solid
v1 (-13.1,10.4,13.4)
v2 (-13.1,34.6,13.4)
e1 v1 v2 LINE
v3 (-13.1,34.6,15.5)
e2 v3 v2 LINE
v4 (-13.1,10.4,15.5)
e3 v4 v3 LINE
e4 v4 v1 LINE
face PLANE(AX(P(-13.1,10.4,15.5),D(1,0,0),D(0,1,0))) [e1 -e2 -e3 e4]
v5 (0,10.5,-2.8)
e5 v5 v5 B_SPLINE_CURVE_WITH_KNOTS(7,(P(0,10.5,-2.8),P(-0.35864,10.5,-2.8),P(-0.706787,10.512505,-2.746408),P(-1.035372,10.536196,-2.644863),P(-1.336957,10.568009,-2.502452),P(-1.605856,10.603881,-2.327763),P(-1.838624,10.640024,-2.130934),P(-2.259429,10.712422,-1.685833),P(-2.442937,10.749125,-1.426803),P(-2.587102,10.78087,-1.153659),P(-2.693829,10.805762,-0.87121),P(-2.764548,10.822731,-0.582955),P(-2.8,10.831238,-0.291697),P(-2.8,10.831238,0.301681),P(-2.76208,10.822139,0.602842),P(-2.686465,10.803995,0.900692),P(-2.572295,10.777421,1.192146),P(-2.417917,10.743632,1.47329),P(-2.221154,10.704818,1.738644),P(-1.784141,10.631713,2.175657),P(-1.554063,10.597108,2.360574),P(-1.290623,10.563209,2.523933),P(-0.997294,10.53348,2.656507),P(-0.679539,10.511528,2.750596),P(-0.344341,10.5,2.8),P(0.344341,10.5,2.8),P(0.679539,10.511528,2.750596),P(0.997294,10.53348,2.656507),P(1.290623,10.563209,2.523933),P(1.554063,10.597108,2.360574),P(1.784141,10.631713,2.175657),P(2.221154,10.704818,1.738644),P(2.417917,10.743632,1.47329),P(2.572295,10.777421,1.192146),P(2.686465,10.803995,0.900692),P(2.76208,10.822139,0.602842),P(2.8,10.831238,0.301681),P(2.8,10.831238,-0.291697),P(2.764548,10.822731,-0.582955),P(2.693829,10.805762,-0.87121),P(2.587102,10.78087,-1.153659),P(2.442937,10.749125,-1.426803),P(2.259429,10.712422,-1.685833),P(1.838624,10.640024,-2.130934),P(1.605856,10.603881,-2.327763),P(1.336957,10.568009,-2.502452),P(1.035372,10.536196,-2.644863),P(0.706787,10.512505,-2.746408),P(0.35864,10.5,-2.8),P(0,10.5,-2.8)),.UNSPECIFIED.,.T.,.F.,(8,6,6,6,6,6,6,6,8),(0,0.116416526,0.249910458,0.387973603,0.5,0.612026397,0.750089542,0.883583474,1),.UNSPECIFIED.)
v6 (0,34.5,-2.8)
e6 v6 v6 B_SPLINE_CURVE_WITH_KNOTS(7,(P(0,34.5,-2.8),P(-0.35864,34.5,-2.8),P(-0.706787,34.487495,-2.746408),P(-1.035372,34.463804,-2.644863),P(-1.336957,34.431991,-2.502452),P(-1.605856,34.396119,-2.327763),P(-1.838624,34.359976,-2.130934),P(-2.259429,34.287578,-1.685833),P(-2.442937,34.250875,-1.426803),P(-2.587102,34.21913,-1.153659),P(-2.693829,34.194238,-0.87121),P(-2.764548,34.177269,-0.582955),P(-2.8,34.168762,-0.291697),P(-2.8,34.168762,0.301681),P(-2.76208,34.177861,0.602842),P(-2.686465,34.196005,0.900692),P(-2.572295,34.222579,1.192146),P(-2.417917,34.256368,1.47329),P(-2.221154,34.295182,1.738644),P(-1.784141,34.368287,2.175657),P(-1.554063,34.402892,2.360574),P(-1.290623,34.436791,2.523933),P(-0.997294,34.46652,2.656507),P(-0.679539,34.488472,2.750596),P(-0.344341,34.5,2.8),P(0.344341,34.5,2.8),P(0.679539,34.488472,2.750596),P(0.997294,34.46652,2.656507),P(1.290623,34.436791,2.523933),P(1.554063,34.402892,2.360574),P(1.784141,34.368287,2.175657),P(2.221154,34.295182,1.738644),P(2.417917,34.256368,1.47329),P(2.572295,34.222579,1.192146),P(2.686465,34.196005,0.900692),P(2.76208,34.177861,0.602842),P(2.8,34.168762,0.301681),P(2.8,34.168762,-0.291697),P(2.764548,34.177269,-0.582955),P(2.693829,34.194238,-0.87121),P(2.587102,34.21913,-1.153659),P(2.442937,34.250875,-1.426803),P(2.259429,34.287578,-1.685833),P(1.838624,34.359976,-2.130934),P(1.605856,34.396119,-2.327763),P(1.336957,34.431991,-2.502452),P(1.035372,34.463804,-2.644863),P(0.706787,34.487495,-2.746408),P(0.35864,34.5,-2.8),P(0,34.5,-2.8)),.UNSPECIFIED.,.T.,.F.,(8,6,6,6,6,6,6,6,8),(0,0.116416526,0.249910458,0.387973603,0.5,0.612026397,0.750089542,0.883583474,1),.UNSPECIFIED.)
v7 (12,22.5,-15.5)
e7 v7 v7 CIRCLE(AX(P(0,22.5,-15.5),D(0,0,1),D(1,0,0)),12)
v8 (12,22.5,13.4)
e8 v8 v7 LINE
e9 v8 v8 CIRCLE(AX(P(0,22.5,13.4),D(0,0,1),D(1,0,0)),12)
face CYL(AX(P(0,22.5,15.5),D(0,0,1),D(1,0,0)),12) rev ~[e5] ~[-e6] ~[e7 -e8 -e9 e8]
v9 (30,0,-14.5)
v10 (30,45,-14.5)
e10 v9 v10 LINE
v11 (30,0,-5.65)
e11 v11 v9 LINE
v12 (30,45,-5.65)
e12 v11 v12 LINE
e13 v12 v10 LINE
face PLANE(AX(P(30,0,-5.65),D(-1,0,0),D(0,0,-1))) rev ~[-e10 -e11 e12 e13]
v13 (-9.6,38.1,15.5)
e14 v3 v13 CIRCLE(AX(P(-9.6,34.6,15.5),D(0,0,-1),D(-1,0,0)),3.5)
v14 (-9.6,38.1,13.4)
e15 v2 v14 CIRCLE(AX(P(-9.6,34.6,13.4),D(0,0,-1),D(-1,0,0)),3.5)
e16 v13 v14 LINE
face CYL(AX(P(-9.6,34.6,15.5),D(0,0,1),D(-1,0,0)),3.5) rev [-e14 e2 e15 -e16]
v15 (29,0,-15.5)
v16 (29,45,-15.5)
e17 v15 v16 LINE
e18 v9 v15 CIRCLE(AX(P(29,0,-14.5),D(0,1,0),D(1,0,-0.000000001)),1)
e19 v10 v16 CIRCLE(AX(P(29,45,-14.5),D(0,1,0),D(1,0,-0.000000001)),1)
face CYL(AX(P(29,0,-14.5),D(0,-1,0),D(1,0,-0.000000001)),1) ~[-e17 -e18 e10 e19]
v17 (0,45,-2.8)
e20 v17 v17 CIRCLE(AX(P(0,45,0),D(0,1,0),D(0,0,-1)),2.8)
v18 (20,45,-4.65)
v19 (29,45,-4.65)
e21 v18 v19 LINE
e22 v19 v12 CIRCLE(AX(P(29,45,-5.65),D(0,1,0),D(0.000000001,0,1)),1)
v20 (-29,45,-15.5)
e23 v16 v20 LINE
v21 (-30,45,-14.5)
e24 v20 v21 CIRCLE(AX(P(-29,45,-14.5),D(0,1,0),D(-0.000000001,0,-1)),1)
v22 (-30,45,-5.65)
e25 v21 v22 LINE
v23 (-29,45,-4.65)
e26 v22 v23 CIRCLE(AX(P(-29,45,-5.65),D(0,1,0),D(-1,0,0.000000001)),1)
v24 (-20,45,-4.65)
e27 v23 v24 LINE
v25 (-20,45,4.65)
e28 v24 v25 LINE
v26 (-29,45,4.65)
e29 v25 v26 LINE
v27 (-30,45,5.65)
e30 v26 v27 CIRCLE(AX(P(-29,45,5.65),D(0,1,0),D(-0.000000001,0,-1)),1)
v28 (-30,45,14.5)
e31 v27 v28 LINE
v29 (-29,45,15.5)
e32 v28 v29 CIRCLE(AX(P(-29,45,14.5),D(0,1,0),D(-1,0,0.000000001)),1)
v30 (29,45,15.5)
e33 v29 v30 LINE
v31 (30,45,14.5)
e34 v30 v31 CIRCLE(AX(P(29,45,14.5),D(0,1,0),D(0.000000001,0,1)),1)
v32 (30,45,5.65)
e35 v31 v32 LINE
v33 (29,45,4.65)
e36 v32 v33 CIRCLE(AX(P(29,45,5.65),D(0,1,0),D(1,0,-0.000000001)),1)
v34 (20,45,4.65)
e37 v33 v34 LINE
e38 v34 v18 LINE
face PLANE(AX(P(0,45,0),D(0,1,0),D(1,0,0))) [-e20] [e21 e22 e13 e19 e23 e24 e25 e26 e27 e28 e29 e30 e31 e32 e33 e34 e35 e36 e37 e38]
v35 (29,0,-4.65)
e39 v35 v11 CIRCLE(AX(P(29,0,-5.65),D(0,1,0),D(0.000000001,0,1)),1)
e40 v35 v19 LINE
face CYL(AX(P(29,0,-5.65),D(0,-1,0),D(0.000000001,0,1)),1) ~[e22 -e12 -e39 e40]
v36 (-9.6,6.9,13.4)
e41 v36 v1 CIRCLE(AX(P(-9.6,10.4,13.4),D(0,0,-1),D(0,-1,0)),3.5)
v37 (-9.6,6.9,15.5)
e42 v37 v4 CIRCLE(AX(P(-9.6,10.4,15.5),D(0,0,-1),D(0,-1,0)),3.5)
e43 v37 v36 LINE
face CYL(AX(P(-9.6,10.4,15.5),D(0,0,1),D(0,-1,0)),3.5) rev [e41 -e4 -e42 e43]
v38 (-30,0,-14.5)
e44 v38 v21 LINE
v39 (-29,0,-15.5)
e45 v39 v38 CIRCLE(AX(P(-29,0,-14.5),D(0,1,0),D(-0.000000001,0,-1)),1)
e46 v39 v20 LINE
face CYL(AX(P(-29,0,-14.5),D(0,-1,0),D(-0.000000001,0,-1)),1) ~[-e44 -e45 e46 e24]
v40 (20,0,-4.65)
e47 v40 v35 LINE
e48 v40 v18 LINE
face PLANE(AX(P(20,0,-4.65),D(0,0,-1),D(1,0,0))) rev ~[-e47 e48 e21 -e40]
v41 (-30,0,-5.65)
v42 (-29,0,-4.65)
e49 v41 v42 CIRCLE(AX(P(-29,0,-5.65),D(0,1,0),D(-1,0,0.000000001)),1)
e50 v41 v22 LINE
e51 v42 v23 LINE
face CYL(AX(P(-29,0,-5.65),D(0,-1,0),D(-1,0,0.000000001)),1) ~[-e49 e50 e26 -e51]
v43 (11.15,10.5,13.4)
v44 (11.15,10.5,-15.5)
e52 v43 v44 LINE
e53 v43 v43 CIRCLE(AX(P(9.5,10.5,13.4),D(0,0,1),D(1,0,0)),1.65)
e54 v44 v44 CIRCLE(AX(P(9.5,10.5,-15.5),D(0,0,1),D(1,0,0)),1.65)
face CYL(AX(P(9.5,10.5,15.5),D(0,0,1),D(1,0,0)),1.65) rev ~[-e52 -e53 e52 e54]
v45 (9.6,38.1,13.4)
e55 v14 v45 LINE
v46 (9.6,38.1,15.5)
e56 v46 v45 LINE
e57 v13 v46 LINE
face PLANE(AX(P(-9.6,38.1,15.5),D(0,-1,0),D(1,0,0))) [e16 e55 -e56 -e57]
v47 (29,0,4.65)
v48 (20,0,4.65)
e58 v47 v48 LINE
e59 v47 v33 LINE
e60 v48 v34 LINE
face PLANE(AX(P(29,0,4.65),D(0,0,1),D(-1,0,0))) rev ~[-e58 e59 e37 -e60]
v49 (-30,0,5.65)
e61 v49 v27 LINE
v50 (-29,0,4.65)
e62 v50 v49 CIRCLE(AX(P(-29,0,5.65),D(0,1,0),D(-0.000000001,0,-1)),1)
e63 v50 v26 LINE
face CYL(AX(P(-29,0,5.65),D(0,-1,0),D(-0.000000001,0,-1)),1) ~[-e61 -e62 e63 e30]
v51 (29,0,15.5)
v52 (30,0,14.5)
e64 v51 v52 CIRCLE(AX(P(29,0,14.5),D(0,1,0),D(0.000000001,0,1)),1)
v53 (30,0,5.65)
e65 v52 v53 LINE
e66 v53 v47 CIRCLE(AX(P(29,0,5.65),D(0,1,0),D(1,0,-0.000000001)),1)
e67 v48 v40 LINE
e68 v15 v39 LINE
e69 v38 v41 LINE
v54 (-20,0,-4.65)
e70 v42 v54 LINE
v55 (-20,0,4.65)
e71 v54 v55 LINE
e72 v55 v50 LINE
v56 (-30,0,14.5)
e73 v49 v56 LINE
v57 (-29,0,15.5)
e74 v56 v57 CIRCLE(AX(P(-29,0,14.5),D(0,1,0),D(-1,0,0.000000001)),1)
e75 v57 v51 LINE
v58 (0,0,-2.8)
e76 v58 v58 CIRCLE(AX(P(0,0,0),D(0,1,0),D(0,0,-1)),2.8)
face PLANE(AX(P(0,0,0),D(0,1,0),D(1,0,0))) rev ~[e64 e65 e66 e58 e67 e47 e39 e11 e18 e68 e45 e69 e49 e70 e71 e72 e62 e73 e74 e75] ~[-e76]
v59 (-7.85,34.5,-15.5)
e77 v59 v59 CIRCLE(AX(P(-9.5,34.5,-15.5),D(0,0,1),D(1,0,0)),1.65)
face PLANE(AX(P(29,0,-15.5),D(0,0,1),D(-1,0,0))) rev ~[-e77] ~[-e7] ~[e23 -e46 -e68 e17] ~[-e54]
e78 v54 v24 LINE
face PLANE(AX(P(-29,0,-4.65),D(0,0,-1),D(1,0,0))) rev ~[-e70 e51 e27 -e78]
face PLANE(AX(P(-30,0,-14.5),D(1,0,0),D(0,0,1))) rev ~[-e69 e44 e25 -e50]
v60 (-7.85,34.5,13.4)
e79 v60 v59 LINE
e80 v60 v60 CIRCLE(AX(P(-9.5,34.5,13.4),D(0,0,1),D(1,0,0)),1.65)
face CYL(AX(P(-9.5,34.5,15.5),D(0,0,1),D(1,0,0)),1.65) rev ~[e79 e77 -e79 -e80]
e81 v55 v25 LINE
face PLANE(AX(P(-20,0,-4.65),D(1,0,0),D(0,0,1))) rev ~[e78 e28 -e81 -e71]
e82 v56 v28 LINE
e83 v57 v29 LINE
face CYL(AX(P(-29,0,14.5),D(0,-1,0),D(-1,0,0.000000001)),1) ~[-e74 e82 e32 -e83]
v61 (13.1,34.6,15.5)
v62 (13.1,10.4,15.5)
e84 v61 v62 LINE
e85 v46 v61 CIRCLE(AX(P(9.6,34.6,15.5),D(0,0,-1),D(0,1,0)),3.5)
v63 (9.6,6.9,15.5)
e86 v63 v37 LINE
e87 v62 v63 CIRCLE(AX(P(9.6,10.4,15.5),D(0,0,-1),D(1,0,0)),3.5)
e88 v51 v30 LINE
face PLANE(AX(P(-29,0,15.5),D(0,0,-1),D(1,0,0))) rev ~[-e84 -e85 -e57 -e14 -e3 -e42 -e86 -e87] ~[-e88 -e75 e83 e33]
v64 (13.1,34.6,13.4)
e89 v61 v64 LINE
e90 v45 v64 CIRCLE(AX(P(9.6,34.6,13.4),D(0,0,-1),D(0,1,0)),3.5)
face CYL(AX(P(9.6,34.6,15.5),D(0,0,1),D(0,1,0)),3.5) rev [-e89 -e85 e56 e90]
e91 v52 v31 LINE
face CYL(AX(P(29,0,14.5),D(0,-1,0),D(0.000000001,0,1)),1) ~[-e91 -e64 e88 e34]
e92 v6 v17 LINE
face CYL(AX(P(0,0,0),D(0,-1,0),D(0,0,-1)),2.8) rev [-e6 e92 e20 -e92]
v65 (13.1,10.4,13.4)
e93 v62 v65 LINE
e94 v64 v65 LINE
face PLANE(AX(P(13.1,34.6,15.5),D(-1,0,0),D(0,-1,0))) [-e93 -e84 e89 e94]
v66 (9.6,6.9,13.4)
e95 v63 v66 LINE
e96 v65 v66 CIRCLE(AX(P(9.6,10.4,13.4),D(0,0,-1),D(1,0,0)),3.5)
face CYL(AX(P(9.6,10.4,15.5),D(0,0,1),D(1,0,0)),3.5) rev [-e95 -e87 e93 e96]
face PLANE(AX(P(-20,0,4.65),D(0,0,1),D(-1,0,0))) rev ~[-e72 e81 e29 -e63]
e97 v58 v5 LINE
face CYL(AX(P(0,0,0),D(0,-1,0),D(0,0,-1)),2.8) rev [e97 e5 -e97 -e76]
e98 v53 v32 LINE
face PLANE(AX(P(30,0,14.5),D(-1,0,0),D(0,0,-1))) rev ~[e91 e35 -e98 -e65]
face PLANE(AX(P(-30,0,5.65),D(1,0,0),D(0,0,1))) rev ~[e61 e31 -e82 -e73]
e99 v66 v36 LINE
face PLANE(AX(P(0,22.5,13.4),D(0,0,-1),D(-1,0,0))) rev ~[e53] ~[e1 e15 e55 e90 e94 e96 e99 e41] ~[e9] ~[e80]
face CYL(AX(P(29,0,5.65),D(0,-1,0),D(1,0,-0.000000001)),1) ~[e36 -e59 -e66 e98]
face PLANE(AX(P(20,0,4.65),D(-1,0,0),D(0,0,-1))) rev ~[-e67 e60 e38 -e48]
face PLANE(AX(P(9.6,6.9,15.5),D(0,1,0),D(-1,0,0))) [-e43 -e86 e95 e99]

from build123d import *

# Parameters (mm, degrees)
SKETCH1_R           = 2.8
BOSS_EXTRUDE1_DEPTH = 45
SKETCH2_R           = 12
SKETCH2_R_2         = 1.65
CUT_EXTRUDE1_DEPTH  = 56
CUT_EXTRUDE2_DEPTH  = 2.1


with BuildPart() as part:
    # Sketch1 → Boss-Extrude1 (new body)
    with BuildSketch(Plane(origin=(0, 0, 0), x_dir=(1, 0, 0), z_dir=(0, 1, 0))):
        with BuildLine():
            Line((20, -4.65), (20, 4.65))
            Line((20, 4.65), (29, 4.65))
            ThreePointArc((29, 4.65), (29.707106781, 4.942893219), (30, 5.65))
            Line((30, 5.65), (30, 14.5))
            ThreePointArc((30, 14.5), (29.707106781, 15.207106781), (29, 15.5))
            Line((29, 15.5), (20, 15.5))
            Line((20, 15.5), (-20, 15.5))
            Line((-20, 15.5), (-29, 15.5))
            ThreePointArc((-29, 15.5), (-29.707106781, 15.207106781), (-30, 14.5))
            Line((-30, 14.5), (-30, 5.65))
            ThreePointArc((-30, 5.65), (-29.707106781, 4.942893219), (-29, 4.65))
            Line((-29, 4.65), (-20, 4.65))
            Line((-20, 4.65), (-20, -4.65))
            Line((-20, -4.65), (-29, -4.65))
            ThreePointArc((-29, -4.65), (-29.707106781, -4.942893219), (-30, -5.65))
            Line((-30, -5.65), (-30, -14.5))
            ThreePointArc((-30, -14.5), (-29.707106781, -15.207106781), (-29, -15.5))
            Line((-29, -15.5), (-20, -15.5))
            Line((-20, -15.5), (20, -15.5))
            Line((20, -15.5), (29, -15.5))
            ThreePointArc((29, -15.5), (29.707106781, -15.207106781), (30, -14.5))
            Line((30, -14.5), (30, -5.65))
            ThreePointArc((30, -5.65), (29.707106781, -4.942893219), (29, -4.65))
            Line((29, -4.65), (20, -4.65))
        make_face()
        with Locations(Location((0, 0, 0), (0, 0, 90))):
            Circle(SKETCH1_R, mode=Mode.SUBTRACT)
    extrude(amount=BOSS_EXTRUDE1_DEPTH)

    # Sketch2 → Cut-Extrude1 (cut)
    with BuildSketch(Plane.XY.offset(15.5)):
        with Locations((0, 22.5)):
            Circle(SKETCH2_R)
        with Locations((-9.5, 34.5)):
            Circle(SKETCH2_R_2)
        with Locations((9.5, 10.5)):
            Circle(SKETCH2_R_2)
    extrude(amount=-CUT_EXTRUDE1_DEPTH, mode=Mode.SUBTRACT)

    # Sketch3 → Cut-Extrude2 (cut)
    with BuildSketch(Plane.XY.offset(15.5)):
        with BuildLine():
            Line((-9.6, 38.1), (9.6, 38.1))
            ThreePointArc((9.6, 38.1), (12.074873734, 37.074873734), (13.1, 34.6))
            Line((13.1, 34.6), (13.1, 10.4))
            ThreePointArc((13.1, 10.4), (12.074873734, 7.925126266), (9.6, 6.9))
            Line((9.6, 6.9), (-9.6, 6.9))
            ThreePointArc((-9.6, 6.9), (-12.074873734, 7.925126266), (-13.1, 10.4))
            Line((-13.1, 10.4), (-13.1, 34.6))
            ThreePointArc((-13.1, 34.6), (-12.074873734, 37.074873734), (-9.6, 38.1))
        make_face()
    extrude(amount=-CUT_EXTRUDE2_DEPTH, mode=Mode.SUBTRACT)


solid = part.part
